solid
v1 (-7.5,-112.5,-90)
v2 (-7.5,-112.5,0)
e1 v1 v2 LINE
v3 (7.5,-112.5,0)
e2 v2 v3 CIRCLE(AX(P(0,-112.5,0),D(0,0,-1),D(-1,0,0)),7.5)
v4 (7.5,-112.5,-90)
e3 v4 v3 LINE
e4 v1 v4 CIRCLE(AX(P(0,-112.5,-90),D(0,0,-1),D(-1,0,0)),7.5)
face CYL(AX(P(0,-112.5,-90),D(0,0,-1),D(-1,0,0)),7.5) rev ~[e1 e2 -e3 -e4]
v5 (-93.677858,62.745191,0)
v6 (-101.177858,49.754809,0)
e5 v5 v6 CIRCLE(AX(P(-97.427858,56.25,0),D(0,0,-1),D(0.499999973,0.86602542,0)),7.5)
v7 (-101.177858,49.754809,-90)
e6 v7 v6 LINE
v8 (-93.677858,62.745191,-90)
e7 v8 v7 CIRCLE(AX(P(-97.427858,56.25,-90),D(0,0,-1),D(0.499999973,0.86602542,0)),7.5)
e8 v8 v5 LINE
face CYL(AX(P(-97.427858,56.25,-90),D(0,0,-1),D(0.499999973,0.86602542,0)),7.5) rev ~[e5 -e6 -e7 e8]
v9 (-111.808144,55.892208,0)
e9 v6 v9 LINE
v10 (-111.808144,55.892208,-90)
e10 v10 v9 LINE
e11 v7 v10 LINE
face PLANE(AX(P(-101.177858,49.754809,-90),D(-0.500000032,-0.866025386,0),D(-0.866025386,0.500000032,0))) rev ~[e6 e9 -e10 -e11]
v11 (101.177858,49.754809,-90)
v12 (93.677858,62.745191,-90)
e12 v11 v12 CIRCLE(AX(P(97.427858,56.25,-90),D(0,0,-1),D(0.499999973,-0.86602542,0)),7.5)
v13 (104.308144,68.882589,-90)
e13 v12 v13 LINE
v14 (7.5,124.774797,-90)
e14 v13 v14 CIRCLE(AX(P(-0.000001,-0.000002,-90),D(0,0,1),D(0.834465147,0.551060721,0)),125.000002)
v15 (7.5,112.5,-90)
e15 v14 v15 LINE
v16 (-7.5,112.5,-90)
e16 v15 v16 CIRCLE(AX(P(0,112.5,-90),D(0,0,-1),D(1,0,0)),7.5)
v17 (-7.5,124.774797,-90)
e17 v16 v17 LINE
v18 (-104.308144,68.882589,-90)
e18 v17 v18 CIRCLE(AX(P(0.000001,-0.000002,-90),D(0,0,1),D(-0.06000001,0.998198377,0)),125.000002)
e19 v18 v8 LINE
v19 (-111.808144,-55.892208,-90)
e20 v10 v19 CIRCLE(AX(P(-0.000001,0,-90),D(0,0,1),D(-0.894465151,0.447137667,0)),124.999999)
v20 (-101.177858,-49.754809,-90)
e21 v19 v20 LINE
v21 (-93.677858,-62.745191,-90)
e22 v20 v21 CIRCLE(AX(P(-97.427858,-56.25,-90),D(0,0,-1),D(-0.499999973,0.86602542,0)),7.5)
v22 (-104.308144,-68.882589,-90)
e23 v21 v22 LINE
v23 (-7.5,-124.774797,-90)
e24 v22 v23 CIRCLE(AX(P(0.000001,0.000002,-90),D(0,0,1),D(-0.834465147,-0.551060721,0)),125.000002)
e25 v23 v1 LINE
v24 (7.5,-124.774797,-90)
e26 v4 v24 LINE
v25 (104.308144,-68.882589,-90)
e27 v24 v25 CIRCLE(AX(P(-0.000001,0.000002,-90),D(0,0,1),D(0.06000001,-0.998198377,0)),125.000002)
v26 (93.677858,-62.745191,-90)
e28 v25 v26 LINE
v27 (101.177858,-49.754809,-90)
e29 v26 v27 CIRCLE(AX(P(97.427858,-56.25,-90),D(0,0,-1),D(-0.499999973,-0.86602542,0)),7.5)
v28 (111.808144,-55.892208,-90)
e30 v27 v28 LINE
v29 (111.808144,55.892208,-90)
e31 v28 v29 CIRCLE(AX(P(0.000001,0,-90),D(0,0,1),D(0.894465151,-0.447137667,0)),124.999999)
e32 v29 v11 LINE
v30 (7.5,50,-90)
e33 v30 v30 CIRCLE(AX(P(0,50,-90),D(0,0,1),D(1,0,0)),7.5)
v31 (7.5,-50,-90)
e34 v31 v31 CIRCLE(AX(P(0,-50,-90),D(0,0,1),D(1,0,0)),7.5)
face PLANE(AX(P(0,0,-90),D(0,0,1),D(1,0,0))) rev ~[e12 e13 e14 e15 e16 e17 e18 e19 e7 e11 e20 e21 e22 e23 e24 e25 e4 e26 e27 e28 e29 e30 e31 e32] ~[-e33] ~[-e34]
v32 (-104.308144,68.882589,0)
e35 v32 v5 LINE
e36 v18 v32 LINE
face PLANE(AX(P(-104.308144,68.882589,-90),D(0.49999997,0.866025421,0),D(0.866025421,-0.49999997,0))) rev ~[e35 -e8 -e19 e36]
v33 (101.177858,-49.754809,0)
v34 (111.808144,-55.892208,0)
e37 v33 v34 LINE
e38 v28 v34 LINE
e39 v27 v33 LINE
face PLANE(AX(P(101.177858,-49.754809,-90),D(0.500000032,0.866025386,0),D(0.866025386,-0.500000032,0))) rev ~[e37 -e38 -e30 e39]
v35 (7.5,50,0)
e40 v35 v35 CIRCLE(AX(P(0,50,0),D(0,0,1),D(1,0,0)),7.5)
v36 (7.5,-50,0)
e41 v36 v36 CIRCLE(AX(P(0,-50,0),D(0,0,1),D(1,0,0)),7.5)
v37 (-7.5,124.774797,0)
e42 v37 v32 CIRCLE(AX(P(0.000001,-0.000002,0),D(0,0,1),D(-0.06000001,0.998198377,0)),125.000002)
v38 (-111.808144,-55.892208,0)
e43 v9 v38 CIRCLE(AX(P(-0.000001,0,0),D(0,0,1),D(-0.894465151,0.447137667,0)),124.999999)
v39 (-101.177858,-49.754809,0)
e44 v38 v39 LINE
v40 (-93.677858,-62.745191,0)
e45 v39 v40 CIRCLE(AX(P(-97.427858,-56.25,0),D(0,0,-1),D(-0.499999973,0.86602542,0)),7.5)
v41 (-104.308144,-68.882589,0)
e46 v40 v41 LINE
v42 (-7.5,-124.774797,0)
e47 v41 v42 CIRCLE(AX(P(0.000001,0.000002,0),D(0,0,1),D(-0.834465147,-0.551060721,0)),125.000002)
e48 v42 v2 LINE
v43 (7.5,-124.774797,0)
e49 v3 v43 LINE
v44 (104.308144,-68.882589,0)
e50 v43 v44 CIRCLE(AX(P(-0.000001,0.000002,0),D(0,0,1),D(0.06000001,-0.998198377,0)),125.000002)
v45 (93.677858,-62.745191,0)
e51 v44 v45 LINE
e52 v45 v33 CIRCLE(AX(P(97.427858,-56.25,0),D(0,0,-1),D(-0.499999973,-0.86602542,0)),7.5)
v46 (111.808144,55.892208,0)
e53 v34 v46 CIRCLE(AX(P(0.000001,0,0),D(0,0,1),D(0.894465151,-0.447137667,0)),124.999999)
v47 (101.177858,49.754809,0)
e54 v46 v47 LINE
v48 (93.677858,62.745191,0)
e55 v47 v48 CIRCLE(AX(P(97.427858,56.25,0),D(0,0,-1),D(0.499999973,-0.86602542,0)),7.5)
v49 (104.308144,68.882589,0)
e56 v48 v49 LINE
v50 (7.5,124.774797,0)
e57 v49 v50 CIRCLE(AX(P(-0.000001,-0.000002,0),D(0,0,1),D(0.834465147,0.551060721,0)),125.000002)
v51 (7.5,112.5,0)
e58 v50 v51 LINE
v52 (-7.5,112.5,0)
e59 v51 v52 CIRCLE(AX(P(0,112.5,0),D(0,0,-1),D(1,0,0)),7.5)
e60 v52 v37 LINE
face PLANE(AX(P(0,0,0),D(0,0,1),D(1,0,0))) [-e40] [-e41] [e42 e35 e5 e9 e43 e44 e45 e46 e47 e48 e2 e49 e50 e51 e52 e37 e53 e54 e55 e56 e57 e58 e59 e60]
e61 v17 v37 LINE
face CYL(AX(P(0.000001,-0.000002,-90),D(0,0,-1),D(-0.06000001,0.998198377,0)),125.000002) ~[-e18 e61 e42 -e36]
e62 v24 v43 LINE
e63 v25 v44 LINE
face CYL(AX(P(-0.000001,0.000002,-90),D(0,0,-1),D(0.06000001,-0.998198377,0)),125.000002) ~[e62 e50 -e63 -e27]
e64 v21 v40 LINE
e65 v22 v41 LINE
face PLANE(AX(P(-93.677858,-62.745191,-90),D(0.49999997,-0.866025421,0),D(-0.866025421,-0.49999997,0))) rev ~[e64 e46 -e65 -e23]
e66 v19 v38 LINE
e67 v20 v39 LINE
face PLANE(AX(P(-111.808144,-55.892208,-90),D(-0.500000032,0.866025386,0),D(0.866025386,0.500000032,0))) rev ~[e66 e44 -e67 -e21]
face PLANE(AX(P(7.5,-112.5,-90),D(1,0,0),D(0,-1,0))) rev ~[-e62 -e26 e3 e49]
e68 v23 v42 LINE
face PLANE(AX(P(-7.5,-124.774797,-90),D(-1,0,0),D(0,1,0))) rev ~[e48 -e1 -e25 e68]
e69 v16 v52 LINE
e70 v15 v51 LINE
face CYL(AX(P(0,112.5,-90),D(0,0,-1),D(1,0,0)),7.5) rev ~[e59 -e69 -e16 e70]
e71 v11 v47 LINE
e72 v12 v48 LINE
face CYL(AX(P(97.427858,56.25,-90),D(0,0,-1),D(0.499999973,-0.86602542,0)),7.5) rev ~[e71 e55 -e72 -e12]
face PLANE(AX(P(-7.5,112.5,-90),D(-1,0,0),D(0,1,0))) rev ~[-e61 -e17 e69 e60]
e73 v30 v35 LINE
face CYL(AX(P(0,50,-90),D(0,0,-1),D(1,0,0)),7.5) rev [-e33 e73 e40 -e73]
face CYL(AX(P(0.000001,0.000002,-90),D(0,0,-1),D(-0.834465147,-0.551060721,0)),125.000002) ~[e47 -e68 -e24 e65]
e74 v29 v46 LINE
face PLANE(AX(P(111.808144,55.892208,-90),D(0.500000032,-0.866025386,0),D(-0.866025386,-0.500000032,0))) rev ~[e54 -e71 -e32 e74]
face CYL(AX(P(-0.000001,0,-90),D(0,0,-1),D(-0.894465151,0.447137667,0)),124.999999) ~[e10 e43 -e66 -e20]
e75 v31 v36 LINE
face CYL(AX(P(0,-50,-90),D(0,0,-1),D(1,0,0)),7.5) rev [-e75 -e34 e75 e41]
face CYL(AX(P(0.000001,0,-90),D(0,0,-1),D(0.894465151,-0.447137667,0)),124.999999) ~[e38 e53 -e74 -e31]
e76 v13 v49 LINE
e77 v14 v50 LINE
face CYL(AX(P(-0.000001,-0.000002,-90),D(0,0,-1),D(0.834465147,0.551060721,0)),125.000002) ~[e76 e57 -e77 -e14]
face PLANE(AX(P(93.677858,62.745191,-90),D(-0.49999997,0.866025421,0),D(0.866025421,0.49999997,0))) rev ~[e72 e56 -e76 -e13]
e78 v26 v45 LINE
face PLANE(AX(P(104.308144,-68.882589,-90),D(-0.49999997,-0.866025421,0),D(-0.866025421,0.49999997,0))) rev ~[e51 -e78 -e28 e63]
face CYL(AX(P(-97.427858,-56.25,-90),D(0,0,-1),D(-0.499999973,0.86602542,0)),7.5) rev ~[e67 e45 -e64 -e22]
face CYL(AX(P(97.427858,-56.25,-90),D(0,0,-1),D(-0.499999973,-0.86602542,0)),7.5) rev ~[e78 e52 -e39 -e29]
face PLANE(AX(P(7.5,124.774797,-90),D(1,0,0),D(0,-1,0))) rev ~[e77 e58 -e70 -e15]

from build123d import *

# Parameters (mm, degrees)
F0_R     = 7.5
F1_DEPTH = 90


with BuildPart() as f1:
    # F0 (on Top) → F1 (new body)
    with BuildSketch(Plane.XY):
        with BuildLine():
            Line((-7.5, 112.5), (-7.5, 124.774797))
            ThreePointArc((-7.5, 124.774797), (-62.5, 108.253175), (-104.308144, 68.882589))
            Line((-104.308144, 68.882589), (-93.677858, 62.745191))
            ThreePointArc((-93.677858, 62.745191), (-90.932667, 52.5), (-101.177858, 49.754809))
            Line((-101.177858, 49.754809), (-111.808144, 55.892208))
            ThreePointArc((-111.808144, 55.892208), (-125, 0), (-111.808144, -55.892208))
            Line((-111.808144, -55.892208), (-101.177858, -49.754809))
            ThreePointArc((-101.177858, -49.754809), (-90.932667, -52.5), (-93.677858, -62.745191))
            Line((-93.677858, -62.745191), (-104.308144, -68.882589))
            ThreePointArc((-104.308144, -68.882589), (-62.5, -108.253175), (-7.5, -124.774797))
            Line((-7.5, -124.774797), (-7.5, -112.5))
            ThreePointArc((-7.5, -112.5), (0, -105), (7.5, -112.5))
            Line((7.5, -112.5), (7.5, -124.774797))
            ThreePointArc((7.5, -124.774797), (62.5, -108.253175), (104.308144, -68.882589))
            Line((104.308144, -68.882589), (93.677858, -62.745191))
            ThreePointArc((93.677858, -62.745191), (90.932667, -52.5), (101.177858, -49.754809))
            Line((101.177858, -49.754809), (111.808144, -55.892208))
            ThreePointArc((111.808144, -55.892208), (125, 0), (111.808144, 55.892208))
            Line((111.808144, 55.892208), (101.177858, 49.754809))
            ThreePointArc((101.177858, 49.754809), (90.932667, 52.5), (93.677858, 62.745191))
            Line((93.677858, 62.745191), (104.308144, 68.882589))
            ThreePointArc((104.308144, 68.882589), (62.5, 108.253175), (7.5, 124.774797))
            Line((7.5, 124.774797), (7.5, 112.5))
            ThreePointArc((7.5, 112.5), (0, 105), (-7.5, 112.5))
        make_face()
        with Locations((0, -50)):
            Circle(F0_R, mode=Mode.SUBTRACT)
        with Locations((0, 50)):
            Circle(F0_R, mode=Mode.SUBTRACT)
    extrude(amount=F1_DEPTH)


with BuildPart() as f1_1:
    # F2: moved
    add(f1.part.moved(Location((0, 0, -90))))


solid = f1_1.part
